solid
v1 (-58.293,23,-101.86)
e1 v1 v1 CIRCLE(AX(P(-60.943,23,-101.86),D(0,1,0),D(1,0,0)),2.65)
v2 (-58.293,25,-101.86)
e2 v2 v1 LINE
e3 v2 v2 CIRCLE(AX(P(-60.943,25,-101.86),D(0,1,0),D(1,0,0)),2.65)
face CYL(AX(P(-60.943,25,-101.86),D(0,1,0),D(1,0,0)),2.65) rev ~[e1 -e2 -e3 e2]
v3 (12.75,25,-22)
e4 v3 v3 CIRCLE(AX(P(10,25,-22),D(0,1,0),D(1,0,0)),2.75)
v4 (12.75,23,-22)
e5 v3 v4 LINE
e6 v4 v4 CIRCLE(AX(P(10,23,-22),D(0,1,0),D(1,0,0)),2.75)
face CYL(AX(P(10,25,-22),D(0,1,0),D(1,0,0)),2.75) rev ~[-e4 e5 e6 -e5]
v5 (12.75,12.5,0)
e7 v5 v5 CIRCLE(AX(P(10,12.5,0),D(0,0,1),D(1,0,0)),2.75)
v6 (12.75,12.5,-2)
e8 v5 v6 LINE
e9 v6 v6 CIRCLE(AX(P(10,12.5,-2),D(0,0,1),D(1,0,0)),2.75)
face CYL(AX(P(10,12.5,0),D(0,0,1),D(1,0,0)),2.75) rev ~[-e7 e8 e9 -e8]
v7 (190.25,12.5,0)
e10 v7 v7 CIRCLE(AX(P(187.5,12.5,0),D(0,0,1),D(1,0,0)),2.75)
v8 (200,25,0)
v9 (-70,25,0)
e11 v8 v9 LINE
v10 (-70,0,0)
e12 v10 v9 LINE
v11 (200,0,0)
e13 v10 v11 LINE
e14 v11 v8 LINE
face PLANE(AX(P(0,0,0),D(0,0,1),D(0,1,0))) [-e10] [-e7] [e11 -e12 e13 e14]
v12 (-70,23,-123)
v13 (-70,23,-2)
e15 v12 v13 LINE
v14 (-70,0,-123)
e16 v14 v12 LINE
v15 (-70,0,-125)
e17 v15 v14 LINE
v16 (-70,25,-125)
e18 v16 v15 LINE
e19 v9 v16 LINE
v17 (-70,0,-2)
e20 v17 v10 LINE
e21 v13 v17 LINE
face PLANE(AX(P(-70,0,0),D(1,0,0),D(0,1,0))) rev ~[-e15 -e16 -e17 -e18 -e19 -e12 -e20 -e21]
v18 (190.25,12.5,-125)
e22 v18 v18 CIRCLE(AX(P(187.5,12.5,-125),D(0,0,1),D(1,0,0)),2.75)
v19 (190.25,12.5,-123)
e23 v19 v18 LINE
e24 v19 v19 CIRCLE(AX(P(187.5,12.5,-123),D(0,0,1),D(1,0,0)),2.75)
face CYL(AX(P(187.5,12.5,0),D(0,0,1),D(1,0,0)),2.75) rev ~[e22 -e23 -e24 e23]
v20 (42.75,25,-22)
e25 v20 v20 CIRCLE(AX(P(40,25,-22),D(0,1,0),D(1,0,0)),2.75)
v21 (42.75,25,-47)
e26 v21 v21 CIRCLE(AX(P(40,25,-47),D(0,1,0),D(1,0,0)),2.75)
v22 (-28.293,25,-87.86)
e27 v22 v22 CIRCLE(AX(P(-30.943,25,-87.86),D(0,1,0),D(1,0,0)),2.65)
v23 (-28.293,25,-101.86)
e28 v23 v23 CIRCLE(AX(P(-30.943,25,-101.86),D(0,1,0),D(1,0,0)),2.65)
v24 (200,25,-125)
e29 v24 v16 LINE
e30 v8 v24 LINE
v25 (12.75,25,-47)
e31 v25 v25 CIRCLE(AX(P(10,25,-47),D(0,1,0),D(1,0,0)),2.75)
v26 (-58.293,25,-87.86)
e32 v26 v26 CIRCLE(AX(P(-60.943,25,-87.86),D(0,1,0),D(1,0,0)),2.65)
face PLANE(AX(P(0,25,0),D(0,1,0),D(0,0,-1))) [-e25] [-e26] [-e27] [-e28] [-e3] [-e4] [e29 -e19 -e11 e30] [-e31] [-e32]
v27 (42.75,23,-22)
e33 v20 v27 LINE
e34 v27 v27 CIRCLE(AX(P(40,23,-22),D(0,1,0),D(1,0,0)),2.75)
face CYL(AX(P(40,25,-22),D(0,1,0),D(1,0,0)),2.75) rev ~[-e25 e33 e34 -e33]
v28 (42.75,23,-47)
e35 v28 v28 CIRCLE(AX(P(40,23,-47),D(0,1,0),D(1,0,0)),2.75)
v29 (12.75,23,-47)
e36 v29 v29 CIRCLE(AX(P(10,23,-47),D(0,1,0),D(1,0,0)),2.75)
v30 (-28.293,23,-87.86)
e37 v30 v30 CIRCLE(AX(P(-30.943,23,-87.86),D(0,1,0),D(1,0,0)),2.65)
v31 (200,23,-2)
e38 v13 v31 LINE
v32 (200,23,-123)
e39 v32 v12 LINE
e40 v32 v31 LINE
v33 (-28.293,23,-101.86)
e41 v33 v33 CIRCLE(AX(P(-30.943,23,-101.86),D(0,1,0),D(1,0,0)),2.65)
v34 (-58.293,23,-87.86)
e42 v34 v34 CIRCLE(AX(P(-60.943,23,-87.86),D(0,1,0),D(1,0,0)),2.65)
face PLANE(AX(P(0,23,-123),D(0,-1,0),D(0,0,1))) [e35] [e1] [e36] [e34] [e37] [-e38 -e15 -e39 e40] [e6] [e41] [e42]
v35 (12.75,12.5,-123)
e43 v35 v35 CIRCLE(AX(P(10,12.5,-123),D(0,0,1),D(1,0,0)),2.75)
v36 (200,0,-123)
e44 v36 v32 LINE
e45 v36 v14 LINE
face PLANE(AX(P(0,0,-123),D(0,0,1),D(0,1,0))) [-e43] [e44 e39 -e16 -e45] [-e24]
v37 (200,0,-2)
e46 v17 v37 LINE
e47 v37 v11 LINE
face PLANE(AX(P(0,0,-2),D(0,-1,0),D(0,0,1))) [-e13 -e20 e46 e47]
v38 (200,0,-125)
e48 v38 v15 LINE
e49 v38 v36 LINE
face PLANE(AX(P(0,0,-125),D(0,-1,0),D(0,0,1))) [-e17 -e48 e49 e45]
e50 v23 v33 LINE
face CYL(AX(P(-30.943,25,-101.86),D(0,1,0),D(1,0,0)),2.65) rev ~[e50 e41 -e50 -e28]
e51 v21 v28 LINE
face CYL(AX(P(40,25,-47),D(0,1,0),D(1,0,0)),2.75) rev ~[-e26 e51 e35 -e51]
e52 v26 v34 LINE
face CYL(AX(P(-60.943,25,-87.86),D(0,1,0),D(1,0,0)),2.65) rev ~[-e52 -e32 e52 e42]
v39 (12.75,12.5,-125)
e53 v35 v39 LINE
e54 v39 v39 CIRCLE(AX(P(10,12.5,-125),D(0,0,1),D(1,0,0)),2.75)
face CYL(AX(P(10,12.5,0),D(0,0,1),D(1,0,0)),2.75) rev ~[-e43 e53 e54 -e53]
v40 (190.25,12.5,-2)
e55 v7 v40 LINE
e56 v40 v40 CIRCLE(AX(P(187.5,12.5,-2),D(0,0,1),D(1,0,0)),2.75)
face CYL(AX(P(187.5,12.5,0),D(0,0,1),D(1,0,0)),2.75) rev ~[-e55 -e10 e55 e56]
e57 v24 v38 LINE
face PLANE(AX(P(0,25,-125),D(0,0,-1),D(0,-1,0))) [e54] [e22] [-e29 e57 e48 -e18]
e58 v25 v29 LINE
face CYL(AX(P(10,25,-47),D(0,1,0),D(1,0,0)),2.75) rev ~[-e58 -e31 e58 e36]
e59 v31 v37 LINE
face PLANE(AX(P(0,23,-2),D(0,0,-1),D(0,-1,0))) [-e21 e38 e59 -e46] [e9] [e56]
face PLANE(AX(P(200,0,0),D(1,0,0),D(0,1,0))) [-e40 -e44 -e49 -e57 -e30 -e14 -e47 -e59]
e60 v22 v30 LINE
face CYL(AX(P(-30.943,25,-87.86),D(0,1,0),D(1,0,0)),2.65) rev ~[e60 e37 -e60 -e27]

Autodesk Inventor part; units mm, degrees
ref_plane "YZ Plane" through (0, 0, 0) normal (1, 0, 0) x (0, 1, 0)
ref_plane "XZ Plane" through (0, 0, 0) normal (0, 1, 0) x (-1, 0, 0)
ref_plane "XY Plane" through (0, 0, 0) normal (0, 0, 1) x (1, 0, 0)
sketch "Sketch1" plane through (0, 0, 0) normal (1, 0, 0) x (0, 1, 0)
  line L0 (0, 0) -> (25, 0)
  line L1 (25, 0) -> (25, -125)
  line L2 (25, -125) -> (0, -125)
  line L3 (0, -125) -> (0, -123)
  line L4 (0, -123) -> (23, -123)
  line L5 (23, -123) -> (23, -2)
  line L6 (23, -2) -> (0, -2)
  line L7 (0, -2) -> (0, 0)
  dimension "d0" = 2
  dimension "d1" = 2
  dimension "d2" = 125
  dimension "d3" = 25
  dimension "d4" = 2
extrude "Extrusion1" add sketch "Sketch1" along normal blind 200 and the other way blind 70
sketch "Sketch2" plane through (-70, 25, 0) normal (0, 1, 0) x (1, 0, 0)
  circle A0 centre (80, 22) radius 2.75
  circle A1 centre (80, 47) radius 2.75
  circle A2 centre (110, 22) radius 2.75
  circle A3 centre (110, 47) radius 2.75
  line L0 (0, 0) -> (0, 125) projected
  line L1 (270, 0) -> (0, 0) projected
  circle A4 centre (9.057, 101.86) radius 2.65
  circle A5 centre (9.057, 87.86) radius 2.65
  circle A6 centre (39.057, 101.86) radius 2.65
  circle A7 centre (39.057, 87.86) radius 2.65
  line L2 (270, 125) -> (0, 125) projected
  point P0 (70, 0)
  dimension "d9" = 5.5
  dimension "d10" = 5.5
  dimension "d11" = 5.5
  dimension "d12" = 5.5
  dimension "d13" = 80
  dimension "d14" = 80
  dimension "d15" = 22
  dimension "d16" = 110
  dimension "d17" = 110
  dimension "d18" = 22
  dimension "d19" = 25
  dimension "d20" = 25
  dimension "d23" = 5.3
  dimension "d24" = 5.3
  dimension "d25" = 5.3
  dimension "d26" = 5.3
  dimension "d27" = 9.057
  dimension "d28" = 9.057
  dimension "d29" = 14
  dimension "d30" = 30
  dimension "d31" = 30
  dimension "d32" = 14
  dimension "d33" = 30
  dimension "d34" = 14
  dimension "d36" = 23.14
extrude "Extrusion2" cut sketch "Sketch2" against normal blind 10
sketch "Sketch3" plane through (-70, 0, 0) normal (0, 0, 1) x (1, 0, 0)
  circle A0 centre (80, 12.5) radius 2.75
  line L0 (0, 0) -> (270, 0) projected
  line L1 (0, 0) -> (0, 25) projected
  circle A1 centre (257.5, 12.5) radius 2.75
  line L2 (270, 25) -> (0, 25) projected
  line L3 (270, 25) -> (270, 0) projected
  point P0 (70, 0)
  dimension "d37" = 5.5
  dimension "d38" = 12.5
  dimension "d39" = 80
  dimension "d40" = 5.5
  dimension "d41" = 12.5
  dimension "d42" = 12.5
extrude "Extrusion3" cut sketch "Sketch3" against normal blind 142 contours A0 | A1
properties part number "Spacer Extrusion" material "Aluminum 6061"
